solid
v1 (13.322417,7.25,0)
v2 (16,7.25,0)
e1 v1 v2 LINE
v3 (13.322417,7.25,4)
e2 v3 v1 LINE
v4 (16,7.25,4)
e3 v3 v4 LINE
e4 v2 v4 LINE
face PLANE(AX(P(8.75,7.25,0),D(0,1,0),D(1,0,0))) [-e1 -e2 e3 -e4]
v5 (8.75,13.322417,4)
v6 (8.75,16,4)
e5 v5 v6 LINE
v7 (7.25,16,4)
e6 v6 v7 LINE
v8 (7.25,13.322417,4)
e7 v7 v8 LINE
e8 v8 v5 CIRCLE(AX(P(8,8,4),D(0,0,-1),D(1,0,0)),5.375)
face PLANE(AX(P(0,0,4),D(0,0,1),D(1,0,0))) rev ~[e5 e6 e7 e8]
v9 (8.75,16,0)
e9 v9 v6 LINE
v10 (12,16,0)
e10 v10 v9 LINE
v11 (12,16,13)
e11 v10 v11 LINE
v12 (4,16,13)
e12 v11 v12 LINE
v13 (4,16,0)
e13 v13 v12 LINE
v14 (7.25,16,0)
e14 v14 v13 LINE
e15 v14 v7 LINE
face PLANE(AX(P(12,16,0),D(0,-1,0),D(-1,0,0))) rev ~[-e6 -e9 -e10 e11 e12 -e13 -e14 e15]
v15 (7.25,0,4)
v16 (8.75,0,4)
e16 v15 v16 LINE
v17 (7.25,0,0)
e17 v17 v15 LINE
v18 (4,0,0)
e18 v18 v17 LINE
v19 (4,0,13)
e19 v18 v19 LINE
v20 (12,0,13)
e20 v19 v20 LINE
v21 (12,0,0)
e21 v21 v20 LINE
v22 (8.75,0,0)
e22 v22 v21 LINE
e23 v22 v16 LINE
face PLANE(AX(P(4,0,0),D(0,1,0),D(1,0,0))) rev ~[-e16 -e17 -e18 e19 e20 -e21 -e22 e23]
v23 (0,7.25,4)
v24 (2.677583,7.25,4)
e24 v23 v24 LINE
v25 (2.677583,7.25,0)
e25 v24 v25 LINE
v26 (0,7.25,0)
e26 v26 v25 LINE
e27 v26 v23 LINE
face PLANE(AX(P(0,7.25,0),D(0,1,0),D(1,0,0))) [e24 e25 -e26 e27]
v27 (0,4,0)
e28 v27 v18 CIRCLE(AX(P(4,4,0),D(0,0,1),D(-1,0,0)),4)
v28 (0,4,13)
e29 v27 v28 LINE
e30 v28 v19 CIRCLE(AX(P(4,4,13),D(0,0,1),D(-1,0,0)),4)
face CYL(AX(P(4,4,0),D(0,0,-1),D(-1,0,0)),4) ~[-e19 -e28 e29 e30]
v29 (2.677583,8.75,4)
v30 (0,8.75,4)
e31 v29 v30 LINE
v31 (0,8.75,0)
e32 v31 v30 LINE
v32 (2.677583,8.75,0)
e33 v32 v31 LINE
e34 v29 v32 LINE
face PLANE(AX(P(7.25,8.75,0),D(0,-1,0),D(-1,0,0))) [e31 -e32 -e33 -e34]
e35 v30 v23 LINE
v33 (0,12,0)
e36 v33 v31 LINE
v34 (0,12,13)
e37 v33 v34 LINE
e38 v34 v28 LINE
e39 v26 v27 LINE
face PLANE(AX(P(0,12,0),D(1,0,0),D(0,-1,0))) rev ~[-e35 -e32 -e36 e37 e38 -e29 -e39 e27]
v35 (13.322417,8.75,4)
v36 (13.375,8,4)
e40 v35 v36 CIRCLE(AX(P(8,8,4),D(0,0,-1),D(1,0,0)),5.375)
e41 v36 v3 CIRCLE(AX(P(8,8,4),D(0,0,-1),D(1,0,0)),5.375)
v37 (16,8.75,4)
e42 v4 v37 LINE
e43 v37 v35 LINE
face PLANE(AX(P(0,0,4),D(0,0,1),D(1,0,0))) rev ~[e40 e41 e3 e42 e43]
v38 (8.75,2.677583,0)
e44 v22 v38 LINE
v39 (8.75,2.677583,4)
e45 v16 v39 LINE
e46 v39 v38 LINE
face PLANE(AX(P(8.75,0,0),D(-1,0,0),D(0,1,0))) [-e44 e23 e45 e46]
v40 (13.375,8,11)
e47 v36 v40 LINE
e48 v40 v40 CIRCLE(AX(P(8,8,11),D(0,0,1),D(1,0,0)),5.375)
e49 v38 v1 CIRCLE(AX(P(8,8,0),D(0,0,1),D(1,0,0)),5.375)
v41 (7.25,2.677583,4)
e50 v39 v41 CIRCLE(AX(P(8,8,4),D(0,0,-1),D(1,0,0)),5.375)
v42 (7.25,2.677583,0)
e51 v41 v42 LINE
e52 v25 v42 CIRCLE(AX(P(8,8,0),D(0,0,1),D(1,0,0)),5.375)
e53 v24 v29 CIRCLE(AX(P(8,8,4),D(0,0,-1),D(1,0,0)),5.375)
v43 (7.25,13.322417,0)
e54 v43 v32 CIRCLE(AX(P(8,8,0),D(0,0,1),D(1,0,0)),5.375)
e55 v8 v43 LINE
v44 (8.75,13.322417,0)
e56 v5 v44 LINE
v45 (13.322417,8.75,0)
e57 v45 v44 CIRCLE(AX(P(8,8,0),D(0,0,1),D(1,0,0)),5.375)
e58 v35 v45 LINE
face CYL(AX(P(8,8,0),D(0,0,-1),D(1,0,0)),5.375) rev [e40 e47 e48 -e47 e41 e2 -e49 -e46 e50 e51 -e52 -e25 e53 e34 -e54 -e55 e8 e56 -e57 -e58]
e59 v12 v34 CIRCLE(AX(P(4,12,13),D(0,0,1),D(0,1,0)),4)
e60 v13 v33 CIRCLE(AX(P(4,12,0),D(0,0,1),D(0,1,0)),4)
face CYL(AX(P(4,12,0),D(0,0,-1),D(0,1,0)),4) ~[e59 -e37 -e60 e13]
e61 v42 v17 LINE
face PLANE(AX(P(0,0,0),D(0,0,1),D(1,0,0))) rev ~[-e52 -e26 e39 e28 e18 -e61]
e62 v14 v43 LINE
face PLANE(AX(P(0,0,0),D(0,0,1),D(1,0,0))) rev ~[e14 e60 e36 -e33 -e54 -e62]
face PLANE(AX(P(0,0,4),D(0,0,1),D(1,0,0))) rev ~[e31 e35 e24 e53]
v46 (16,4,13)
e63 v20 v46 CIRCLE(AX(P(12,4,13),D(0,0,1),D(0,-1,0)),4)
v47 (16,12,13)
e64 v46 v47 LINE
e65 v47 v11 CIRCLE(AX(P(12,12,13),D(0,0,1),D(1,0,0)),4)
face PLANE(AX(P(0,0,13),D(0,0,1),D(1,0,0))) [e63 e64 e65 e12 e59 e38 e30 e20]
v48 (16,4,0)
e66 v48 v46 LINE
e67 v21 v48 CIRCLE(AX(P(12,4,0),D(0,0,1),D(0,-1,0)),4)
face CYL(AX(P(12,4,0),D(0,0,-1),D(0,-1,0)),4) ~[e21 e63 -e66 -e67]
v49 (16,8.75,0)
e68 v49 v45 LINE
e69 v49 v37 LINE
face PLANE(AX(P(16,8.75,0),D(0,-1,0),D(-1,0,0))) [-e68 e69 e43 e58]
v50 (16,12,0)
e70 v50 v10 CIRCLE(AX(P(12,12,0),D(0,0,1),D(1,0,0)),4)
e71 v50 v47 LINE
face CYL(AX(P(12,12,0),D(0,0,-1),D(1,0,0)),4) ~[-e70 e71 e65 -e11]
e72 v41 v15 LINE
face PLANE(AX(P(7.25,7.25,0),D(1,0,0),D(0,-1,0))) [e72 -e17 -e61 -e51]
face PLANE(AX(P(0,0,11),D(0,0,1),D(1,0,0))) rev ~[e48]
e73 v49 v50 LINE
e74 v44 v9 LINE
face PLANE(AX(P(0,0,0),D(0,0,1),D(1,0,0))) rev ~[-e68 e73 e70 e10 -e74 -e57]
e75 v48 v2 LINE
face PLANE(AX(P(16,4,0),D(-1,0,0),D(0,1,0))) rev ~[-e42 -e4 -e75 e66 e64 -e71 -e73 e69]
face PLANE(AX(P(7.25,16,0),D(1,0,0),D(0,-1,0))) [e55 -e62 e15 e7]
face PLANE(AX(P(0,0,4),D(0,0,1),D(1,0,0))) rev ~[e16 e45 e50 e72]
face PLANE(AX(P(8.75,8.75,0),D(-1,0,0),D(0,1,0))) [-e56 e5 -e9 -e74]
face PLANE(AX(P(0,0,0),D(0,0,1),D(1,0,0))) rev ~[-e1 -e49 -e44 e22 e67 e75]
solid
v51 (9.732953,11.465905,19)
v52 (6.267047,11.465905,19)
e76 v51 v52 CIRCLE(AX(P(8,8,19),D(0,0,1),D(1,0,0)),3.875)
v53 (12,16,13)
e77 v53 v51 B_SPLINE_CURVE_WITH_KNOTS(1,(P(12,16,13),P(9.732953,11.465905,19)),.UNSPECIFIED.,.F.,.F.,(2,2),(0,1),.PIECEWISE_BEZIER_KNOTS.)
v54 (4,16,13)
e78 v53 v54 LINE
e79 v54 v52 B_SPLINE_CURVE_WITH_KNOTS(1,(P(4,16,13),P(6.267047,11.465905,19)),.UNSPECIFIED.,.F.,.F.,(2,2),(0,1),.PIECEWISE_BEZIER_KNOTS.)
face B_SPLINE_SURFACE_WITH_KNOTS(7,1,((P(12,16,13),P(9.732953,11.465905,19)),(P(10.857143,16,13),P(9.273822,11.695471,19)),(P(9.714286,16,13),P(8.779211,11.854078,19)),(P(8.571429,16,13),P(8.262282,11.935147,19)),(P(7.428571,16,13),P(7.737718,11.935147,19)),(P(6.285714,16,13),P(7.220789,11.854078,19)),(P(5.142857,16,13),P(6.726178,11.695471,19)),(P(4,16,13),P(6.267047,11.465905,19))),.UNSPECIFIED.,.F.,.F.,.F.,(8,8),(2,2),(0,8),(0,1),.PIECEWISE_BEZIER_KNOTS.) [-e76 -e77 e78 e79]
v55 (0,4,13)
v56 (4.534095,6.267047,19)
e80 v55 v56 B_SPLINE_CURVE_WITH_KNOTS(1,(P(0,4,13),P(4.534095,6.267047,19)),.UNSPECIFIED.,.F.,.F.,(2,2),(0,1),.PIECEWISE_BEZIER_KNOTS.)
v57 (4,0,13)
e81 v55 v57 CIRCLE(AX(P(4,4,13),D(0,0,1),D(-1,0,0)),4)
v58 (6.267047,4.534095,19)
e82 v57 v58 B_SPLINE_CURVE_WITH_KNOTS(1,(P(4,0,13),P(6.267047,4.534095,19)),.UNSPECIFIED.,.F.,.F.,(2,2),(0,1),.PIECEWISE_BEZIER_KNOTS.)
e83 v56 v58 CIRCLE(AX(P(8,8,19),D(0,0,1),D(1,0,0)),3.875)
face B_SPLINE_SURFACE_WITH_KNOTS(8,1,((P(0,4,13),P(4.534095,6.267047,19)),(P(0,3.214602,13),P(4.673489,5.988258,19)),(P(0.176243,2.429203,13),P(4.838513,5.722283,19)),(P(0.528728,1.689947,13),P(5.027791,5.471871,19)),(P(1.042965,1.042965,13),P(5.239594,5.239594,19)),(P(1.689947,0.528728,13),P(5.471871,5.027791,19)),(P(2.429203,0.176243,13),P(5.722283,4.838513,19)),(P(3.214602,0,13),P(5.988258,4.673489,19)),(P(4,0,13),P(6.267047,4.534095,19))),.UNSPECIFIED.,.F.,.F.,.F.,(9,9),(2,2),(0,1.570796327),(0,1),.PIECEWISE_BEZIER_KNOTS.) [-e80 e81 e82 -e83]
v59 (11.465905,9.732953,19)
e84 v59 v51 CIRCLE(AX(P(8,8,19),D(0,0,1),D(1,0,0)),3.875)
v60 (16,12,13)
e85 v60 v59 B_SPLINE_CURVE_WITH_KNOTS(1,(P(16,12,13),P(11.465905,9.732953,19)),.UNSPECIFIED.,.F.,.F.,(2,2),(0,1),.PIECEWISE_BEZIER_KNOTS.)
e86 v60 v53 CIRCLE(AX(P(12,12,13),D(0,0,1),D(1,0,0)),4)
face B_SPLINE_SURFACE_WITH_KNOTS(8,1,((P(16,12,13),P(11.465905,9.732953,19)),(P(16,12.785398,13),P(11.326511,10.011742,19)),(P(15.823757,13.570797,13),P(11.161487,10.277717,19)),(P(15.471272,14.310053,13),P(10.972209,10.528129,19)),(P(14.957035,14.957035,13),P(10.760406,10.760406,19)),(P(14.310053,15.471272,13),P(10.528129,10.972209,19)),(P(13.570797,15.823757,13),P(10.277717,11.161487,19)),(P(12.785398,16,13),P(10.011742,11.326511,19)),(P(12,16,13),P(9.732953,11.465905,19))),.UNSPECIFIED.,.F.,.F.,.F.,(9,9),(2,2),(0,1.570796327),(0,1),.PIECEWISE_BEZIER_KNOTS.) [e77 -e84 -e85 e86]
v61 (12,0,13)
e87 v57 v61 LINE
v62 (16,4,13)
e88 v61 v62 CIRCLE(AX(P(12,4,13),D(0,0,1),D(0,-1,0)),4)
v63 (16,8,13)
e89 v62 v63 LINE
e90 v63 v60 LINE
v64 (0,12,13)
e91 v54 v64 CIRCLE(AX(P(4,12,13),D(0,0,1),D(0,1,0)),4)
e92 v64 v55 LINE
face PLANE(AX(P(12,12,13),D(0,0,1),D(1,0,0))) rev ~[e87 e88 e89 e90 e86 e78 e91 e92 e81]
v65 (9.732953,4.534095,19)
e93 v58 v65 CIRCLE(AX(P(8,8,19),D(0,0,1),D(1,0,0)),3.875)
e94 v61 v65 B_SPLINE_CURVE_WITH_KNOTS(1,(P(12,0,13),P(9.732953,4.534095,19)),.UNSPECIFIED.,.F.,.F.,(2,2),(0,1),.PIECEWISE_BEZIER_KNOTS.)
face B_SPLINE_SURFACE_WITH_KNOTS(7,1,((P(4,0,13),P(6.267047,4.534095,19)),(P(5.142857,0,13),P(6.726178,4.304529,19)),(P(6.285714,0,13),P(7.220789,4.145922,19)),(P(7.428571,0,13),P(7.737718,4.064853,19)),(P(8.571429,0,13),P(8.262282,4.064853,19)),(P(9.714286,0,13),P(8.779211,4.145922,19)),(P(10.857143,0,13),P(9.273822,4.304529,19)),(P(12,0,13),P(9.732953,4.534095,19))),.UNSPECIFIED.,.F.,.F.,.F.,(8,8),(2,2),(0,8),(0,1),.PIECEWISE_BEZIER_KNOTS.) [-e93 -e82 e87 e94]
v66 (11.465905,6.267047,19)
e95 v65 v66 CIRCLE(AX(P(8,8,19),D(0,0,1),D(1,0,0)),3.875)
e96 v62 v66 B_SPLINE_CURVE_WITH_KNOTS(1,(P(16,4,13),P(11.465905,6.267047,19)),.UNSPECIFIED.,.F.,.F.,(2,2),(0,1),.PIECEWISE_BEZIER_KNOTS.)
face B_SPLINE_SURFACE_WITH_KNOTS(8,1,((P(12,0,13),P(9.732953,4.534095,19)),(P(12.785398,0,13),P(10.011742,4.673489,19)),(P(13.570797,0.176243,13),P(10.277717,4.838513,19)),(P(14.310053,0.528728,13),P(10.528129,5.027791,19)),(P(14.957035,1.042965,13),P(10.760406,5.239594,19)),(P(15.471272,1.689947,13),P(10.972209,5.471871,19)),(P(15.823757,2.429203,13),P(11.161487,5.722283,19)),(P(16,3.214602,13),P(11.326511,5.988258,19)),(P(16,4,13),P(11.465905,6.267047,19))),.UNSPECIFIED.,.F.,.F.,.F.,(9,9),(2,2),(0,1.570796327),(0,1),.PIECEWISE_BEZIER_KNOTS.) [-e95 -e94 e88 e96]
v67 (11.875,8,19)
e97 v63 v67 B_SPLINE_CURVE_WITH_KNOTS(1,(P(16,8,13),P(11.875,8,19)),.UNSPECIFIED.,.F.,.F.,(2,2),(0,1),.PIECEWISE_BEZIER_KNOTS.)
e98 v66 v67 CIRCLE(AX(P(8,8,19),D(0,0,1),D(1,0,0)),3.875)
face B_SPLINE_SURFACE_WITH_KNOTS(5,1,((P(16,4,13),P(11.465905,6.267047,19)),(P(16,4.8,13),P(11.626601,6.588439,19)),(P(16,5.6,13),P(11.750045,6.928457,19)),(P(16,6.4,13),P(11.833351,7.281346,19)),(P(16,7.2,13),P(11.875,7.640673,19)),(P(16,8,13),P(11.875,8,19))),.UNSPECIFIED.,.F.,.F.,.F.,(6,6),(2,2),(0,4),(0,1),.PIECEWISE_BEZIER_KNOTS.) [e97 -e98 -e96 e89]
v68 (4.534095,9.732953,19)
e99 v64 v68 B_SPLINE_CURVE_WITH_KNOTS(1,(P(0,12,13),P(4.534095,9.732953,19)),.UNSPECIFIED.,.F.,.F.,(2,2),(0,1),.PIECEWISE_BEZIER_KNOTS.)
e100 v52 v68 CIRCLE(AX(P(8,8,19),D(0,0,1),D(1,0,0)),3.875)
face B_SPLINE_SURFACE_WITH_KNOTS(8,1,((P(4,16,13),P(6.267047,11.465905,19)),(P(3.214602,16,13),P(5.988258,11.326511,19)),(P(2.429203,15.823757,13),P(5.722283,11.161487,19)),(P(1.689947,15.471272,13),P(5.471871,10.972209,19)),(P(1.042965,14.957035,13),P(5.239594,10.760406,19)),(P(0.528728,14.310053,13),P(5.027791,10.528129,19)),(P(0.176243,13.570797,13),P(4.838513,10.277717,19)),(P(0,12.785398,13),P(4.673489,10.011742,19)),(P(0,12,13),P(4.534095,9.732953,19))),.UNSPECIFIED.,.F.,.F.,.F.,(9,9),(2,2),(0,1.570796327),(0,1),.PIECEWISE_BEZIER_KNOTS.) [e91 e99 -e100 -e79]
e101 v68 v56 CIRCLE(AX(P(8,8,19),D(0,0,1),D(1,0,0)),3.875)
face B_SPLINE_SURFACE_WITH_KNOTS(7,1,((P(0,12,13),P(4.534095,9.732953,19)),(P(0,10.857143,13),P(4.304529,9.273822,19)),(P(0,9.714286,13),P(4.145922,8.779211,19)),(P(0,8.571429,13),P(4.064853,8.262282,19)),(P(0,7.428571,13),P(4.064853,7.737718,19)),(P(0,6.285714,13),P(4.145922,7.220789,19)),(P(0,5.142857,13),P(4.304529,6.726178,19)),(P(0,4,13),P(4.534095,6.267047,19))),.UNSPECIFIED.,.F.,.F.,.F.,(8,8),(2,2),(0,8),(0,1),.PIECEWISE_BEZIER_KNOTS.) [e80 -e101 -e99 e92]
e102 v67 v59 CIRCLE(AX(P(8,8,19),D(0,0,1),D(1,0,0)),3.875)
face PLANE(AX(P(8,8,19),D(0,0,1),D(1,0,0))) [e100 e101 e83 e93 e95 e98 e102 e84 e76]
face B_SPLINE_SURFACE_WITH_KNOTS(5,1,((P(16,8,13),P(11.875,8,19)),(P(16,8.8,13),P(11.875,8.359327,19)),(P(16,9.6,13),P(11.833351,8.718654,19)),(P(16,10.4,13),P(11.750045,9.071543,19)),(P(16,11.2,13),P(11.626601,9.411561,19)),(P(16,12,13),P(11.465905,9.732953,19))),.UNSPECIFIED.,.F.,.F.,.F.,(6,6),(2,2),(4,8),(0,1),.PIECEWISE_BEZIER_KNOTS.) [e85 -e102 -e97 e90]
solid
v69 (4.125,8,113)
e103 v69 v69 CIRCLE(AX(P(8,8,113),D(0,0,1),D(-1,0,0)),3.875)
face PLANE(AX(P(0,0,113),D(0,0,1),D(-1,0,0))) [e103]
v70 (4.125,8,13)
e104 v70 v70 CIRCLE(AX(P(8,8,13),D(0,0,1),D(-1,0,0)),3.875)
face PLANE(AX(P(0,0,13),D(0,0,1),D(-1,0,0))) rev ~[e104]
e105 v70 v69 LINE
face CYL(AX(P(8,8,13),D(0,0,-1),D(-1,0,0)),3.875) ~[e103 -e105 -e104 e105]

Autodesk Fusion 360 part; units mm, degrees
sketch "Sketch1" plane through (0, 0, 0) normal (0, 0, 1) x (1, 0, 0) in component "Cube Connector"
  line L0 (4, 0) -> (12, 0)
  line L1 (16, 4) -> (16, 12)
  line L2 (12, 16) -> (4, 16)
  line L3 (0, 12) -> (0, 4)
  arc A0 (12, 0) -> (16, 4) centre (12, 4) ccw
  arc A1 (0, 4) -> (4, 0) centre (4, 4) ccw
  arc A2 (4, 16) -> (0, 12) centre (4, 12) ccw
  arc A3 (16, 12) -> (12, 16) centre (12, 12) ccw
  circle A4 centre (8, 8) radius 5.375
  point P0 (16, 0)
  point P1 (0, 16)
  dimension "d83" = 16
  dimension "d84" = 16
  dimension "d85" = 4
  dimension "d86" = 10.75
extrude "Extrude1" add sketch "Sketch1" along normal blind 13 contours L0 L1 L2 L3 A0 A1 A2 A3 | A4 makes body 1 in component "Cube Connector"
extrude "Extrude2" cut sketch "Sketch1" along normal blind 11 contours A4 bodies 1 in component "Cube Connector"
sketch "Sketch6" plane through (0, 0, 13) normal (0, 0, 1) x (-1, 0, 0) in component "Cube Connector"
  arc A0 (-16, -12) -> (-12, -16) centre (-12, -12) ccw
  line L0 (-12, -16) -> (-4, -16)
  arc A1 (-4, -16) -> (0, -12) centre (-4, -12) ccw
  line L1 (0, -12) -> (0, -4)
  arc A2 (0, -4) -> (-4, 0) centre (-4, -4) ccw
  line L2 (-4, 0) -> (-12, 0)
  arc A3 (-12, 0) -> (-16, -4) centre (-12, -4) ccw
  line L3 (-16, -4) -> (-16, -12)
  circle A4 centre (-8, -8) radius 3.875
  dimension "d98" = 7.75
extrude "Extrude5" add sketch "Sketch6" along normal blind 100 separate body contours A4 makes body 2 in component "Cube Connector"
ref_plane "WorkPlane2" through (8, 8, 19) normal (0, 0, 1) x (-1, 0, 0) in component "Cube Connector"
sketch "Sketch27" plane through (8, 8, 19) normal (0, 0, 1) x (1, 0, 0)
  circle A0 centre (0, 0) radius 3.875
  dimension "d115" = 7.75
sketch "Sketch14" plane through (8, 8, 19) normal (0, 0, 1) x (1, 0, 0) in component "Cube Connector"
  circle A0 centre (0, 0) radius 3.875
  dimension "d116" = 7.75
loft "Loft2" add profiles "Sketch6", "Sketch14" section 1 section 2 separate body makes body 3 in component "Cube Connector"
sketch "Sketch16" plane through (0, 0, 0) normal (0, 0, 1) x (1, 0, 0) in component "Cube Connector"
  line L0 (16, 8.75) -> (0, 8.75)
  arc A0 (0, 8.75) -> (0, 7.25) centre (0, 8) ccw
  line L1 (0, 7.25) -> (16, 7.25)
  arc A1 (16, 7.25) -> (16, 8.75) centre (16, 8) ccw
  line L2 (16, 8) -> (0, 8) construction
  line L3 (7.25, 16) -> (7.25, 0)
  arc A2 (7.25, 0) -> (8.75, 0) centre (8, 0) ccw
  line L4 (8.75, 0) -> (8.75, 16)
  arc A3 (8.75, 16) -> (7.25, 16) centre (8, 16) ccw
  line L5 (8, 16) -> (8, 0) construction
  dimension "d120" = 1.5
  dimension "d121" = 1.5
extrude "Extrude6" cut sketch "Sketch16" along normal blind 4 bodies 1 in component "Cube Connector"
sketch "Sketch14 (2)" plane through (0, 0, 0) normal (0, 0, 1) x (1, 0, 0)
  curve A0
  curve A1
  curve L0
  curve L1
  curve L2
  dimension "d53" = 6
revolve "Revolve3" [suppressed]
delete_face "DeleteFace3" [suppressed]
sketch "Sketch17" plane through (0, 0, 43) normal (0, 0, -1) x (1, 0, 0)
  circle A0 centre (7.75, -7.75) radius 7
  circle A1 centre (7.75, -7.75) radius 3.5
  curve A2
  curve L0
  line L1 (6.8215, -14.6882) -> (7.4028, -11.2327)
  curve L2
  curve L3
  point P0 (6.8215, -14.6882)
  point P1 (7.4028, -11.2327)
  dimension "d57" = 24.04
component "Cube Connector" placed x (1, 0, 0) y (0, 1, 0) z (0, 0, 1) at (0, 0, 0)
